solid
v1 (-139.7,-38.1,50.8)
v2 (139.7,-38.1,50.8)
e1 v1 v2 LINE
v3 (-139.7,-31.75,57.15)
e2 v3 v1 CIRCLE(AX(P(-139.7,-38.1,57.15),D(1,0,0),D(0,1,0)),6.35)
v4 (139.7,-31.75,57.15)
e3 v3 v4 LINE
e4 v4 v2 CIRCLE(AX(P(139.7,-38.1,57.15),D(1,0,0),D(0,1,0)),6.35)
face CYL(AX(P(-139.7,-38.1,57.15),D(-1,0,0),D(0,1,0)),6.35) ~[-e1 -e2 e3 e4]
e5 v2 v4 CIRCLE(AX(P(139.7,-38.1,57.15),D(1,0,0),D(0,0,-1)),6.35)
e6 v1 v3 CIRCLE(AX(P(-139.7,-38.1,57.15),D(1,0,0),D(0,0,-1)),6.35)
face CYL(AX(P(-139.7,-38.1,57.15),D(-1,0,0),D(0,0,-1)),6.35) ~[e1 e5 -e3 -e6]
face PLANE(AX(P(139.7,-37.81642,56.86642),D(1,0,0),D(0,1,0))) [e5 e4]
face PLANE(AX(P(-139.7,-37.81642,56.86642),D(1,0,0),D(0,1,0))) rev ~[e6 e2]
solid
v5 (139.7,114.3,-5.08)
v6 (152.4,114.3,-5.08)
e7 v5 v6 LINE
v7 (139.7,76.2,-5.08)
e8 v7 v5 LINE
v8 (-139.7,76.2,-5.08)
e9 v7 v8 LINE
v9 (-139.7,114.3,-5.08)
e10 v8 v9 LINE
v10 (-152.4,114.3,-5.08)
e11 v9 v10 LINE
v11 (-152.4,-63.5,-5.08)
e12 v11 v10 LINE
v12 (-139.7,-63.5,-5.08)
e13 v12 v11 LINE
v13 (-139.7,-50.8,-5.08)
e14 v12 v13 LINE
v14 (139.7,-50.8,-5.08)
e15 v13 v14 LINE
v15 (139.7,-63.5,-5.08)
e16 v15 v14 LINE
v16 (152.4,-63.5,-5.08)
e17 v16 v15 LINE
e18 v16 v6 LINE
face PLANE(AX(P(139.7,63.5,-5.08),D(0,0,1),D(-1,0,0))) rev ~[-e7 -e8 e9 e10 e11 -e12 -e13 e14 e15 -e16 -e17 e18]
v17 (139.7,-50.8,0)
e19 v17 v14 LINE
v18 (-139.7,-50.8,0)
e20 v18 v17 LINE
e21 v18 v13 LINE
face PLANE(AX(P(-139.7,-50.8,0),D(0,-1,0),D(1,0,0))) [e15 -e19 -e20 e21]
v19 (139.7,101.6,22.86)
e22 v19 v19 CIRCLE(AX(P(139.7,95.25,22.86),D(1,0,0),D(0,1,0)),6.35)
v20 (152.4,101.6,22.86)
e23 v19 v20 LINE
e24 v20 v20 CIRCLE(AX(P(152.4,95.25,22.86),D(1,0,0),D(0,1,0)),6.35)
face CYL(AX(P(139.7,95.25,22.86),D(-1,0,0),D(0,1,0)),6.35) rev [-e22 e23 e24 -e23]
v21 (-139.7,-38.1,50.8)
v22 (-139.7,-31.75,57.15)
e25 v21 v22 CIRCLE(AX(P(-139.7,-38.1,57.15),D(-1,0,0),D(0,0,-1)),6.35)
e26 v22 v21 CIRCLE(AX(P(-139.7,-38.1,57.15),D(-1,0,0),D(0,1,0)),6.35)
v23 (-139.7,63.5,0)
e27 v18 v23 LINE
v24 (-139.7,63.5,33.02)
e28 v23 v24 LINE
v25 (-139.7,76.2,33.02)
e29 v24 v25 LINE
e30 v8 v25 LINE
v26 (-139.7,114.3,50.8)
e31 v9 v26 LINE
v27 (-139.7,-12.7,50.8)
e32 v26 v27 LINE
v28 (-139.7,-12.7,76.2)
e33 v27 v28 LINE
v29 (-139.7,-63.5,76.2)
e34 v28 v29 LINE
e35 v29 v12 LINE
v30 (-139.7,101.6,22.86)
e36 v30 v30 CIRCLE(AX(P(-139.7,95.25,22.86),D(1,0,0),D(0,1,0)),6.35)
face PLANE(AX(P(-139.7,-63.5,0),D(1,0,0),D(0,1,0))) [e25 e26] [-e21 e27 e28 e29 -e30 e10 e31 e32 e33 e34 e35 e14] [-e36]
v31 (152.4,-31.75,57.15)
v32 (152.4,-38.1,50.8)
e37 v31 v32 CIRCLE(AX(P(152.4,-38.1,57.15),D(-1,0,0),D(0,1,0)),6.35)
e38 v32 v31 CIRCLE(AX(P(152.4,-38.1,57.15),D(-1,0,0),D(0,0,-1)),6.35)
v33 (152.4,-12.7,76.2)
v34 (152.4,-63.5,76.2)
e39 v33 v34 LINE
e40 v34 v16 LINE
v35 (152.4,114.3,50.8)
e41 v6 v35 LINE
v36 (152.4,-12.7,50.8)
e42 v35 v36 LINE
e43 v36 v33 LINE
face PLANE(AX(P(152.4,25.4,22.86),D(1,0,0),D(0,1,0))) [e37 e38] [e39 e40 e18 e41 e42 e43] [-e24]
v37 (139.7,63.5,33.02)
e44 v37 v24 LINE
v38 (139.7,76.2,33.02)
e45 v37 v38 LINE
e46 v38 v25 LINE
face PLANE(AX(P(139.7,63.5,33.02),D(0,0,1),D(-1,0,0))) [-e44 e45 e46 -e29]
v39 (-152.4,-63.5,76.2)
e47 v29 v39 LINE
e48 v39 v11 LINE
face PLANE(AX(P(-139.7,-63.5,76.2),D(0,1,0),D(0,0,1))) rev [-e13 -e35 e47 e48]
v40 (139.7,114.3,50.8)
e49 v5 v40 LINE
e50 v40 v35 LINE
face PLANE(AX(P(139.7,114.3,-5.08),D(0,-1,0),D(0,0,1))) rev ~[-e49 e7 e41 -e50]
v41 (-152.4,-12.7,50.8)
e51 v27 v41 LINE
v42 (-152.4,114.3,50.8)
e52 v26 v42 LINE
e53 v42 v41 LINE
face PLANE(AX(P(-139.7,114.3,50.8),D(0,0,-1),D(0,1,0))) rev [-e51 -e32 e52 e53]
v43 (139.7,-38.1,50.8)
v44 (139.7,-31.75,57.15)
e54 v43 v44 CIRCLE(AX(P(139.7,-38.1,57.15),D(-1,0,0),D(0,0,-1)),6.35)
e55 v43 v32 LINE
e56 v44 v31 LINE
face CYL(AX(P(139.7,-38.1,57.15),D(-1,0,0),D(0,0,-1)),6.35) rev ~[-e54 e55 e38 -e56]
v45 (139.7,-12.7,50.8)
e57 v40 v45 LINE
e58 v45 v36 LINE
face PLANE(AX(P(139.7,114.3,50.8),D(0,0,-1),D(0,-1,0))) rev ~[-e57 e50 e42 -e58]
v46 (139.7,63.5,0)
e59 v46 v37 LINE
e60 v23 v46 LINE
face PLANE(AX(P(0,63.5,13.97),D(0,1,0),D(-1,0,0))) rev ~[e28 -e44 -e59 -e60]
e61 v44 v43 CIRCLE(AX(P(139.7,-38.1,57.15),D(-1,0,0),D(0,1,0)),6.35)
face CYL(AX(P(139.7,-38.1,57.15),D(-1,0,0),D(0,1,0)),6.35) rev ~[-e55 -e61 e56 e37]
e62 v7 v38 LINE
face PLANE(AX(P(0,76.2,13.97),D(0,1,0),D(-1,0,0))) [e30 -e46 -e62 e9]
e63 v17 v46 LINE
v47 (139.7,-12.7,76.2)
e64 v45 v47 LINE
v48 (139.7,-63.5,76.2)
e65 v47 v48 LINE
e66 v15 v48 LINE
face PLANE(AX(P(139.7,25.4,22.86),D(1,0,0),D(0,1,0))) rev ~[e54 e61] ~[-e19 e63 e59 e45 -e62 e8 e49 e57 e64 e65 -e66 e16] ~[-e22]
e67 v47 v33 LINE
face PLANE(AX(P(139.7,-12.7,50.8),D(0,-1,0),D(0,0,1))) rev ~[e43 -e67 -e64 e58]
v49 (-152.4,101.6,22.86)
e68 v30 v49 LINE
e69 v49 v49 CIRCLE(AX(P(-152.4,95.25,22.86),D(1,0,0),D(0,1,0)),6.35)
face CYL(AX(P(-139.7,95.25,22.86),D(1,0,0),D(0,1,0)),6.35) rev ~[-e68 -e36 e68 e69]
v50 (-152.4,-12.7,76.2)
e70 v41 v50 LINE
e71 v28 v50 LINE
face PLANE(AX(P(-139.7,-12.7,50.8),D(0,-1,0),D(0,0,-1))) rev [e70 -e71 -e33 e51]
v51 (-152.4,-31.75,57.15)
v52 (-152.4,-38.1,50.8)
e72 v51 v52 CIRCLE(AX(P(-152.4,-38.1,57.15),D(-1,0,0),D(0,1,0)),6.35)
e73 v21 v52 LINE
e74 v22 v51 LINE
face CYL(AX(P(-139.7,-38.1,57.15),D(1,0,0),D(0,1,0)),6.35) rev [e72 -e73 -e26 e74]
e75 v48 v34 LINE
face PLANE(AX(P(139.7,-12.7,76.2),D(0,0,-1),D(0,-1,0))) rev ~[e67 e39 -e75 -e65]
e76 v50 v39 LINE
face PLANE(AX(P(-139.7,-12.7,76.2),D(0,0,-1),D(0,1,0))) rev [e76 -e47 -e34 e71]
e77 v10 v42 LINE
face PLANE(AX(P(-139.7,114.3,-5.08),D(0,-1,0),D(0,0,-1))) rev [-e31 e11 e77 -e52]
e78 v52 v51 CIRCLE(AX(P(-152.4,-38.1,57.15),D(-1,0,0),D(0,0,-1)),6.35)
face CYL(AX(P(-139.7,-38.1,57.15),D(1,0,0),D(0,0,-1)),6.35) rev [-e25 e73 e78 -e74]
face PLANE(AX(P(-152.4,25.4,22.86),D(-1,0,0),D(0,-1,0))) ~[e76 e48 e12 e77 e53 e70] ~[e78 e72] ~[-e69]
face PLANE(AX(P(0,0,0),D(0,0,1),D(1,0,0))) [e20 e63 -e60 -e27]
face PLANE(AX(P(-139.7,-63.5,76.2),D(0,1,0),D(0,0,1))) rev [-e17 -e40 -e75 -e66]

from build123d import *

# Parameters (mm, degrees)
F0_W      = 279.4
F0_H      = 127
F1_DEPTH  = 5.08
F2_R      = 6.35
F3_DEPTH  = 12.7
F5_W      = 279.4
F5_H      = 38.1
F6_DEPTH  = 12.7
F8_DEPTH  = 279.4
F9_W      = 279.4
F9_H      = 12.7
F10_DEPTH = 25.4


with BuildPart() as f1:
    # F0 (on Top) → F1 (new body)
    with BuildSketch(Plane.XY):
        Rectangle(F0_W, F0_H)
    extrude(amount=-F1_DEPTH)

    # F2 (on face) → F3 (join)
    with BuildSketch(Plane.YZ.offset(139.7)):
        Polygon((-63.5, 50.8), (-63.5, -5.08), (114.3, -5.08), (114.3, 50.8), (-12.7, 50.8), (-38.1, 50.8), align=None)
        with Locations((95.25, 22.86)):
            Circle(F2_R, mode=Mode.SUBTRACT)
        Polygon((-63.5, 76.2), (-63.5, 50.8), (-38.1, 50.8), (-12.7, 50.8), (-12.7, 76.2), align=None)
        with BuildLine():
            ThreePointArc((-31.75, 57.15), (-33.6098719395, 52.6598719395), (-38.1, 50.8))
            ThreePointArc((-38.1, 50.8), (-42.5901280605, 61.6401280605), (-31.75, 57.15))
        make_face(mode=Mode.SUBTRACT)
    extrude(amount=F3_DEPTH)

    # F4: F1 across plane


with BuildPart() as f1_1:
    add(f1.part)
    add(f1.part.mirror(Plane.YZ))

    # F5 (on face) → F6 (join)
    with BuildSketch(Plane(origin=(0, 63.5, 0), x_dir=(-1, 0, 0), z_dir=(0, 1, 0))):
        with Locations((0, 13.97)):
            Rectangle(F5_W, F5_H)
    extrude(amount=F6_DEPTH)

    # F9 (on face) → F10 (cut)
    with BuildSketch(Plane.XY):
        with Locations((0, -57.15)):
            Rectangle(F9_W, F9_H)
    extrude(amount=-F10_DEPTH, mode=Mode.SUBTRACT)


with BuildPart() as f8:
    # F7 (on face) → F8 (new body)
    with BuildSketch(Plane.YZ.offset(-139.7)):
        with BuildLine():
            ThreePointArc((-38.1, 50.8), (-33.6098719395, 52.6598719395), (-31.75, 57.15))
            ThreePointArc((-31.75, 57.15), (-42.5901280605, 61.6401280605), (-38.1, 50.8))
        make_face()
    extrude(amount=F8_DEPTH)


solid = Compound([f1_1.part, f8.part])
